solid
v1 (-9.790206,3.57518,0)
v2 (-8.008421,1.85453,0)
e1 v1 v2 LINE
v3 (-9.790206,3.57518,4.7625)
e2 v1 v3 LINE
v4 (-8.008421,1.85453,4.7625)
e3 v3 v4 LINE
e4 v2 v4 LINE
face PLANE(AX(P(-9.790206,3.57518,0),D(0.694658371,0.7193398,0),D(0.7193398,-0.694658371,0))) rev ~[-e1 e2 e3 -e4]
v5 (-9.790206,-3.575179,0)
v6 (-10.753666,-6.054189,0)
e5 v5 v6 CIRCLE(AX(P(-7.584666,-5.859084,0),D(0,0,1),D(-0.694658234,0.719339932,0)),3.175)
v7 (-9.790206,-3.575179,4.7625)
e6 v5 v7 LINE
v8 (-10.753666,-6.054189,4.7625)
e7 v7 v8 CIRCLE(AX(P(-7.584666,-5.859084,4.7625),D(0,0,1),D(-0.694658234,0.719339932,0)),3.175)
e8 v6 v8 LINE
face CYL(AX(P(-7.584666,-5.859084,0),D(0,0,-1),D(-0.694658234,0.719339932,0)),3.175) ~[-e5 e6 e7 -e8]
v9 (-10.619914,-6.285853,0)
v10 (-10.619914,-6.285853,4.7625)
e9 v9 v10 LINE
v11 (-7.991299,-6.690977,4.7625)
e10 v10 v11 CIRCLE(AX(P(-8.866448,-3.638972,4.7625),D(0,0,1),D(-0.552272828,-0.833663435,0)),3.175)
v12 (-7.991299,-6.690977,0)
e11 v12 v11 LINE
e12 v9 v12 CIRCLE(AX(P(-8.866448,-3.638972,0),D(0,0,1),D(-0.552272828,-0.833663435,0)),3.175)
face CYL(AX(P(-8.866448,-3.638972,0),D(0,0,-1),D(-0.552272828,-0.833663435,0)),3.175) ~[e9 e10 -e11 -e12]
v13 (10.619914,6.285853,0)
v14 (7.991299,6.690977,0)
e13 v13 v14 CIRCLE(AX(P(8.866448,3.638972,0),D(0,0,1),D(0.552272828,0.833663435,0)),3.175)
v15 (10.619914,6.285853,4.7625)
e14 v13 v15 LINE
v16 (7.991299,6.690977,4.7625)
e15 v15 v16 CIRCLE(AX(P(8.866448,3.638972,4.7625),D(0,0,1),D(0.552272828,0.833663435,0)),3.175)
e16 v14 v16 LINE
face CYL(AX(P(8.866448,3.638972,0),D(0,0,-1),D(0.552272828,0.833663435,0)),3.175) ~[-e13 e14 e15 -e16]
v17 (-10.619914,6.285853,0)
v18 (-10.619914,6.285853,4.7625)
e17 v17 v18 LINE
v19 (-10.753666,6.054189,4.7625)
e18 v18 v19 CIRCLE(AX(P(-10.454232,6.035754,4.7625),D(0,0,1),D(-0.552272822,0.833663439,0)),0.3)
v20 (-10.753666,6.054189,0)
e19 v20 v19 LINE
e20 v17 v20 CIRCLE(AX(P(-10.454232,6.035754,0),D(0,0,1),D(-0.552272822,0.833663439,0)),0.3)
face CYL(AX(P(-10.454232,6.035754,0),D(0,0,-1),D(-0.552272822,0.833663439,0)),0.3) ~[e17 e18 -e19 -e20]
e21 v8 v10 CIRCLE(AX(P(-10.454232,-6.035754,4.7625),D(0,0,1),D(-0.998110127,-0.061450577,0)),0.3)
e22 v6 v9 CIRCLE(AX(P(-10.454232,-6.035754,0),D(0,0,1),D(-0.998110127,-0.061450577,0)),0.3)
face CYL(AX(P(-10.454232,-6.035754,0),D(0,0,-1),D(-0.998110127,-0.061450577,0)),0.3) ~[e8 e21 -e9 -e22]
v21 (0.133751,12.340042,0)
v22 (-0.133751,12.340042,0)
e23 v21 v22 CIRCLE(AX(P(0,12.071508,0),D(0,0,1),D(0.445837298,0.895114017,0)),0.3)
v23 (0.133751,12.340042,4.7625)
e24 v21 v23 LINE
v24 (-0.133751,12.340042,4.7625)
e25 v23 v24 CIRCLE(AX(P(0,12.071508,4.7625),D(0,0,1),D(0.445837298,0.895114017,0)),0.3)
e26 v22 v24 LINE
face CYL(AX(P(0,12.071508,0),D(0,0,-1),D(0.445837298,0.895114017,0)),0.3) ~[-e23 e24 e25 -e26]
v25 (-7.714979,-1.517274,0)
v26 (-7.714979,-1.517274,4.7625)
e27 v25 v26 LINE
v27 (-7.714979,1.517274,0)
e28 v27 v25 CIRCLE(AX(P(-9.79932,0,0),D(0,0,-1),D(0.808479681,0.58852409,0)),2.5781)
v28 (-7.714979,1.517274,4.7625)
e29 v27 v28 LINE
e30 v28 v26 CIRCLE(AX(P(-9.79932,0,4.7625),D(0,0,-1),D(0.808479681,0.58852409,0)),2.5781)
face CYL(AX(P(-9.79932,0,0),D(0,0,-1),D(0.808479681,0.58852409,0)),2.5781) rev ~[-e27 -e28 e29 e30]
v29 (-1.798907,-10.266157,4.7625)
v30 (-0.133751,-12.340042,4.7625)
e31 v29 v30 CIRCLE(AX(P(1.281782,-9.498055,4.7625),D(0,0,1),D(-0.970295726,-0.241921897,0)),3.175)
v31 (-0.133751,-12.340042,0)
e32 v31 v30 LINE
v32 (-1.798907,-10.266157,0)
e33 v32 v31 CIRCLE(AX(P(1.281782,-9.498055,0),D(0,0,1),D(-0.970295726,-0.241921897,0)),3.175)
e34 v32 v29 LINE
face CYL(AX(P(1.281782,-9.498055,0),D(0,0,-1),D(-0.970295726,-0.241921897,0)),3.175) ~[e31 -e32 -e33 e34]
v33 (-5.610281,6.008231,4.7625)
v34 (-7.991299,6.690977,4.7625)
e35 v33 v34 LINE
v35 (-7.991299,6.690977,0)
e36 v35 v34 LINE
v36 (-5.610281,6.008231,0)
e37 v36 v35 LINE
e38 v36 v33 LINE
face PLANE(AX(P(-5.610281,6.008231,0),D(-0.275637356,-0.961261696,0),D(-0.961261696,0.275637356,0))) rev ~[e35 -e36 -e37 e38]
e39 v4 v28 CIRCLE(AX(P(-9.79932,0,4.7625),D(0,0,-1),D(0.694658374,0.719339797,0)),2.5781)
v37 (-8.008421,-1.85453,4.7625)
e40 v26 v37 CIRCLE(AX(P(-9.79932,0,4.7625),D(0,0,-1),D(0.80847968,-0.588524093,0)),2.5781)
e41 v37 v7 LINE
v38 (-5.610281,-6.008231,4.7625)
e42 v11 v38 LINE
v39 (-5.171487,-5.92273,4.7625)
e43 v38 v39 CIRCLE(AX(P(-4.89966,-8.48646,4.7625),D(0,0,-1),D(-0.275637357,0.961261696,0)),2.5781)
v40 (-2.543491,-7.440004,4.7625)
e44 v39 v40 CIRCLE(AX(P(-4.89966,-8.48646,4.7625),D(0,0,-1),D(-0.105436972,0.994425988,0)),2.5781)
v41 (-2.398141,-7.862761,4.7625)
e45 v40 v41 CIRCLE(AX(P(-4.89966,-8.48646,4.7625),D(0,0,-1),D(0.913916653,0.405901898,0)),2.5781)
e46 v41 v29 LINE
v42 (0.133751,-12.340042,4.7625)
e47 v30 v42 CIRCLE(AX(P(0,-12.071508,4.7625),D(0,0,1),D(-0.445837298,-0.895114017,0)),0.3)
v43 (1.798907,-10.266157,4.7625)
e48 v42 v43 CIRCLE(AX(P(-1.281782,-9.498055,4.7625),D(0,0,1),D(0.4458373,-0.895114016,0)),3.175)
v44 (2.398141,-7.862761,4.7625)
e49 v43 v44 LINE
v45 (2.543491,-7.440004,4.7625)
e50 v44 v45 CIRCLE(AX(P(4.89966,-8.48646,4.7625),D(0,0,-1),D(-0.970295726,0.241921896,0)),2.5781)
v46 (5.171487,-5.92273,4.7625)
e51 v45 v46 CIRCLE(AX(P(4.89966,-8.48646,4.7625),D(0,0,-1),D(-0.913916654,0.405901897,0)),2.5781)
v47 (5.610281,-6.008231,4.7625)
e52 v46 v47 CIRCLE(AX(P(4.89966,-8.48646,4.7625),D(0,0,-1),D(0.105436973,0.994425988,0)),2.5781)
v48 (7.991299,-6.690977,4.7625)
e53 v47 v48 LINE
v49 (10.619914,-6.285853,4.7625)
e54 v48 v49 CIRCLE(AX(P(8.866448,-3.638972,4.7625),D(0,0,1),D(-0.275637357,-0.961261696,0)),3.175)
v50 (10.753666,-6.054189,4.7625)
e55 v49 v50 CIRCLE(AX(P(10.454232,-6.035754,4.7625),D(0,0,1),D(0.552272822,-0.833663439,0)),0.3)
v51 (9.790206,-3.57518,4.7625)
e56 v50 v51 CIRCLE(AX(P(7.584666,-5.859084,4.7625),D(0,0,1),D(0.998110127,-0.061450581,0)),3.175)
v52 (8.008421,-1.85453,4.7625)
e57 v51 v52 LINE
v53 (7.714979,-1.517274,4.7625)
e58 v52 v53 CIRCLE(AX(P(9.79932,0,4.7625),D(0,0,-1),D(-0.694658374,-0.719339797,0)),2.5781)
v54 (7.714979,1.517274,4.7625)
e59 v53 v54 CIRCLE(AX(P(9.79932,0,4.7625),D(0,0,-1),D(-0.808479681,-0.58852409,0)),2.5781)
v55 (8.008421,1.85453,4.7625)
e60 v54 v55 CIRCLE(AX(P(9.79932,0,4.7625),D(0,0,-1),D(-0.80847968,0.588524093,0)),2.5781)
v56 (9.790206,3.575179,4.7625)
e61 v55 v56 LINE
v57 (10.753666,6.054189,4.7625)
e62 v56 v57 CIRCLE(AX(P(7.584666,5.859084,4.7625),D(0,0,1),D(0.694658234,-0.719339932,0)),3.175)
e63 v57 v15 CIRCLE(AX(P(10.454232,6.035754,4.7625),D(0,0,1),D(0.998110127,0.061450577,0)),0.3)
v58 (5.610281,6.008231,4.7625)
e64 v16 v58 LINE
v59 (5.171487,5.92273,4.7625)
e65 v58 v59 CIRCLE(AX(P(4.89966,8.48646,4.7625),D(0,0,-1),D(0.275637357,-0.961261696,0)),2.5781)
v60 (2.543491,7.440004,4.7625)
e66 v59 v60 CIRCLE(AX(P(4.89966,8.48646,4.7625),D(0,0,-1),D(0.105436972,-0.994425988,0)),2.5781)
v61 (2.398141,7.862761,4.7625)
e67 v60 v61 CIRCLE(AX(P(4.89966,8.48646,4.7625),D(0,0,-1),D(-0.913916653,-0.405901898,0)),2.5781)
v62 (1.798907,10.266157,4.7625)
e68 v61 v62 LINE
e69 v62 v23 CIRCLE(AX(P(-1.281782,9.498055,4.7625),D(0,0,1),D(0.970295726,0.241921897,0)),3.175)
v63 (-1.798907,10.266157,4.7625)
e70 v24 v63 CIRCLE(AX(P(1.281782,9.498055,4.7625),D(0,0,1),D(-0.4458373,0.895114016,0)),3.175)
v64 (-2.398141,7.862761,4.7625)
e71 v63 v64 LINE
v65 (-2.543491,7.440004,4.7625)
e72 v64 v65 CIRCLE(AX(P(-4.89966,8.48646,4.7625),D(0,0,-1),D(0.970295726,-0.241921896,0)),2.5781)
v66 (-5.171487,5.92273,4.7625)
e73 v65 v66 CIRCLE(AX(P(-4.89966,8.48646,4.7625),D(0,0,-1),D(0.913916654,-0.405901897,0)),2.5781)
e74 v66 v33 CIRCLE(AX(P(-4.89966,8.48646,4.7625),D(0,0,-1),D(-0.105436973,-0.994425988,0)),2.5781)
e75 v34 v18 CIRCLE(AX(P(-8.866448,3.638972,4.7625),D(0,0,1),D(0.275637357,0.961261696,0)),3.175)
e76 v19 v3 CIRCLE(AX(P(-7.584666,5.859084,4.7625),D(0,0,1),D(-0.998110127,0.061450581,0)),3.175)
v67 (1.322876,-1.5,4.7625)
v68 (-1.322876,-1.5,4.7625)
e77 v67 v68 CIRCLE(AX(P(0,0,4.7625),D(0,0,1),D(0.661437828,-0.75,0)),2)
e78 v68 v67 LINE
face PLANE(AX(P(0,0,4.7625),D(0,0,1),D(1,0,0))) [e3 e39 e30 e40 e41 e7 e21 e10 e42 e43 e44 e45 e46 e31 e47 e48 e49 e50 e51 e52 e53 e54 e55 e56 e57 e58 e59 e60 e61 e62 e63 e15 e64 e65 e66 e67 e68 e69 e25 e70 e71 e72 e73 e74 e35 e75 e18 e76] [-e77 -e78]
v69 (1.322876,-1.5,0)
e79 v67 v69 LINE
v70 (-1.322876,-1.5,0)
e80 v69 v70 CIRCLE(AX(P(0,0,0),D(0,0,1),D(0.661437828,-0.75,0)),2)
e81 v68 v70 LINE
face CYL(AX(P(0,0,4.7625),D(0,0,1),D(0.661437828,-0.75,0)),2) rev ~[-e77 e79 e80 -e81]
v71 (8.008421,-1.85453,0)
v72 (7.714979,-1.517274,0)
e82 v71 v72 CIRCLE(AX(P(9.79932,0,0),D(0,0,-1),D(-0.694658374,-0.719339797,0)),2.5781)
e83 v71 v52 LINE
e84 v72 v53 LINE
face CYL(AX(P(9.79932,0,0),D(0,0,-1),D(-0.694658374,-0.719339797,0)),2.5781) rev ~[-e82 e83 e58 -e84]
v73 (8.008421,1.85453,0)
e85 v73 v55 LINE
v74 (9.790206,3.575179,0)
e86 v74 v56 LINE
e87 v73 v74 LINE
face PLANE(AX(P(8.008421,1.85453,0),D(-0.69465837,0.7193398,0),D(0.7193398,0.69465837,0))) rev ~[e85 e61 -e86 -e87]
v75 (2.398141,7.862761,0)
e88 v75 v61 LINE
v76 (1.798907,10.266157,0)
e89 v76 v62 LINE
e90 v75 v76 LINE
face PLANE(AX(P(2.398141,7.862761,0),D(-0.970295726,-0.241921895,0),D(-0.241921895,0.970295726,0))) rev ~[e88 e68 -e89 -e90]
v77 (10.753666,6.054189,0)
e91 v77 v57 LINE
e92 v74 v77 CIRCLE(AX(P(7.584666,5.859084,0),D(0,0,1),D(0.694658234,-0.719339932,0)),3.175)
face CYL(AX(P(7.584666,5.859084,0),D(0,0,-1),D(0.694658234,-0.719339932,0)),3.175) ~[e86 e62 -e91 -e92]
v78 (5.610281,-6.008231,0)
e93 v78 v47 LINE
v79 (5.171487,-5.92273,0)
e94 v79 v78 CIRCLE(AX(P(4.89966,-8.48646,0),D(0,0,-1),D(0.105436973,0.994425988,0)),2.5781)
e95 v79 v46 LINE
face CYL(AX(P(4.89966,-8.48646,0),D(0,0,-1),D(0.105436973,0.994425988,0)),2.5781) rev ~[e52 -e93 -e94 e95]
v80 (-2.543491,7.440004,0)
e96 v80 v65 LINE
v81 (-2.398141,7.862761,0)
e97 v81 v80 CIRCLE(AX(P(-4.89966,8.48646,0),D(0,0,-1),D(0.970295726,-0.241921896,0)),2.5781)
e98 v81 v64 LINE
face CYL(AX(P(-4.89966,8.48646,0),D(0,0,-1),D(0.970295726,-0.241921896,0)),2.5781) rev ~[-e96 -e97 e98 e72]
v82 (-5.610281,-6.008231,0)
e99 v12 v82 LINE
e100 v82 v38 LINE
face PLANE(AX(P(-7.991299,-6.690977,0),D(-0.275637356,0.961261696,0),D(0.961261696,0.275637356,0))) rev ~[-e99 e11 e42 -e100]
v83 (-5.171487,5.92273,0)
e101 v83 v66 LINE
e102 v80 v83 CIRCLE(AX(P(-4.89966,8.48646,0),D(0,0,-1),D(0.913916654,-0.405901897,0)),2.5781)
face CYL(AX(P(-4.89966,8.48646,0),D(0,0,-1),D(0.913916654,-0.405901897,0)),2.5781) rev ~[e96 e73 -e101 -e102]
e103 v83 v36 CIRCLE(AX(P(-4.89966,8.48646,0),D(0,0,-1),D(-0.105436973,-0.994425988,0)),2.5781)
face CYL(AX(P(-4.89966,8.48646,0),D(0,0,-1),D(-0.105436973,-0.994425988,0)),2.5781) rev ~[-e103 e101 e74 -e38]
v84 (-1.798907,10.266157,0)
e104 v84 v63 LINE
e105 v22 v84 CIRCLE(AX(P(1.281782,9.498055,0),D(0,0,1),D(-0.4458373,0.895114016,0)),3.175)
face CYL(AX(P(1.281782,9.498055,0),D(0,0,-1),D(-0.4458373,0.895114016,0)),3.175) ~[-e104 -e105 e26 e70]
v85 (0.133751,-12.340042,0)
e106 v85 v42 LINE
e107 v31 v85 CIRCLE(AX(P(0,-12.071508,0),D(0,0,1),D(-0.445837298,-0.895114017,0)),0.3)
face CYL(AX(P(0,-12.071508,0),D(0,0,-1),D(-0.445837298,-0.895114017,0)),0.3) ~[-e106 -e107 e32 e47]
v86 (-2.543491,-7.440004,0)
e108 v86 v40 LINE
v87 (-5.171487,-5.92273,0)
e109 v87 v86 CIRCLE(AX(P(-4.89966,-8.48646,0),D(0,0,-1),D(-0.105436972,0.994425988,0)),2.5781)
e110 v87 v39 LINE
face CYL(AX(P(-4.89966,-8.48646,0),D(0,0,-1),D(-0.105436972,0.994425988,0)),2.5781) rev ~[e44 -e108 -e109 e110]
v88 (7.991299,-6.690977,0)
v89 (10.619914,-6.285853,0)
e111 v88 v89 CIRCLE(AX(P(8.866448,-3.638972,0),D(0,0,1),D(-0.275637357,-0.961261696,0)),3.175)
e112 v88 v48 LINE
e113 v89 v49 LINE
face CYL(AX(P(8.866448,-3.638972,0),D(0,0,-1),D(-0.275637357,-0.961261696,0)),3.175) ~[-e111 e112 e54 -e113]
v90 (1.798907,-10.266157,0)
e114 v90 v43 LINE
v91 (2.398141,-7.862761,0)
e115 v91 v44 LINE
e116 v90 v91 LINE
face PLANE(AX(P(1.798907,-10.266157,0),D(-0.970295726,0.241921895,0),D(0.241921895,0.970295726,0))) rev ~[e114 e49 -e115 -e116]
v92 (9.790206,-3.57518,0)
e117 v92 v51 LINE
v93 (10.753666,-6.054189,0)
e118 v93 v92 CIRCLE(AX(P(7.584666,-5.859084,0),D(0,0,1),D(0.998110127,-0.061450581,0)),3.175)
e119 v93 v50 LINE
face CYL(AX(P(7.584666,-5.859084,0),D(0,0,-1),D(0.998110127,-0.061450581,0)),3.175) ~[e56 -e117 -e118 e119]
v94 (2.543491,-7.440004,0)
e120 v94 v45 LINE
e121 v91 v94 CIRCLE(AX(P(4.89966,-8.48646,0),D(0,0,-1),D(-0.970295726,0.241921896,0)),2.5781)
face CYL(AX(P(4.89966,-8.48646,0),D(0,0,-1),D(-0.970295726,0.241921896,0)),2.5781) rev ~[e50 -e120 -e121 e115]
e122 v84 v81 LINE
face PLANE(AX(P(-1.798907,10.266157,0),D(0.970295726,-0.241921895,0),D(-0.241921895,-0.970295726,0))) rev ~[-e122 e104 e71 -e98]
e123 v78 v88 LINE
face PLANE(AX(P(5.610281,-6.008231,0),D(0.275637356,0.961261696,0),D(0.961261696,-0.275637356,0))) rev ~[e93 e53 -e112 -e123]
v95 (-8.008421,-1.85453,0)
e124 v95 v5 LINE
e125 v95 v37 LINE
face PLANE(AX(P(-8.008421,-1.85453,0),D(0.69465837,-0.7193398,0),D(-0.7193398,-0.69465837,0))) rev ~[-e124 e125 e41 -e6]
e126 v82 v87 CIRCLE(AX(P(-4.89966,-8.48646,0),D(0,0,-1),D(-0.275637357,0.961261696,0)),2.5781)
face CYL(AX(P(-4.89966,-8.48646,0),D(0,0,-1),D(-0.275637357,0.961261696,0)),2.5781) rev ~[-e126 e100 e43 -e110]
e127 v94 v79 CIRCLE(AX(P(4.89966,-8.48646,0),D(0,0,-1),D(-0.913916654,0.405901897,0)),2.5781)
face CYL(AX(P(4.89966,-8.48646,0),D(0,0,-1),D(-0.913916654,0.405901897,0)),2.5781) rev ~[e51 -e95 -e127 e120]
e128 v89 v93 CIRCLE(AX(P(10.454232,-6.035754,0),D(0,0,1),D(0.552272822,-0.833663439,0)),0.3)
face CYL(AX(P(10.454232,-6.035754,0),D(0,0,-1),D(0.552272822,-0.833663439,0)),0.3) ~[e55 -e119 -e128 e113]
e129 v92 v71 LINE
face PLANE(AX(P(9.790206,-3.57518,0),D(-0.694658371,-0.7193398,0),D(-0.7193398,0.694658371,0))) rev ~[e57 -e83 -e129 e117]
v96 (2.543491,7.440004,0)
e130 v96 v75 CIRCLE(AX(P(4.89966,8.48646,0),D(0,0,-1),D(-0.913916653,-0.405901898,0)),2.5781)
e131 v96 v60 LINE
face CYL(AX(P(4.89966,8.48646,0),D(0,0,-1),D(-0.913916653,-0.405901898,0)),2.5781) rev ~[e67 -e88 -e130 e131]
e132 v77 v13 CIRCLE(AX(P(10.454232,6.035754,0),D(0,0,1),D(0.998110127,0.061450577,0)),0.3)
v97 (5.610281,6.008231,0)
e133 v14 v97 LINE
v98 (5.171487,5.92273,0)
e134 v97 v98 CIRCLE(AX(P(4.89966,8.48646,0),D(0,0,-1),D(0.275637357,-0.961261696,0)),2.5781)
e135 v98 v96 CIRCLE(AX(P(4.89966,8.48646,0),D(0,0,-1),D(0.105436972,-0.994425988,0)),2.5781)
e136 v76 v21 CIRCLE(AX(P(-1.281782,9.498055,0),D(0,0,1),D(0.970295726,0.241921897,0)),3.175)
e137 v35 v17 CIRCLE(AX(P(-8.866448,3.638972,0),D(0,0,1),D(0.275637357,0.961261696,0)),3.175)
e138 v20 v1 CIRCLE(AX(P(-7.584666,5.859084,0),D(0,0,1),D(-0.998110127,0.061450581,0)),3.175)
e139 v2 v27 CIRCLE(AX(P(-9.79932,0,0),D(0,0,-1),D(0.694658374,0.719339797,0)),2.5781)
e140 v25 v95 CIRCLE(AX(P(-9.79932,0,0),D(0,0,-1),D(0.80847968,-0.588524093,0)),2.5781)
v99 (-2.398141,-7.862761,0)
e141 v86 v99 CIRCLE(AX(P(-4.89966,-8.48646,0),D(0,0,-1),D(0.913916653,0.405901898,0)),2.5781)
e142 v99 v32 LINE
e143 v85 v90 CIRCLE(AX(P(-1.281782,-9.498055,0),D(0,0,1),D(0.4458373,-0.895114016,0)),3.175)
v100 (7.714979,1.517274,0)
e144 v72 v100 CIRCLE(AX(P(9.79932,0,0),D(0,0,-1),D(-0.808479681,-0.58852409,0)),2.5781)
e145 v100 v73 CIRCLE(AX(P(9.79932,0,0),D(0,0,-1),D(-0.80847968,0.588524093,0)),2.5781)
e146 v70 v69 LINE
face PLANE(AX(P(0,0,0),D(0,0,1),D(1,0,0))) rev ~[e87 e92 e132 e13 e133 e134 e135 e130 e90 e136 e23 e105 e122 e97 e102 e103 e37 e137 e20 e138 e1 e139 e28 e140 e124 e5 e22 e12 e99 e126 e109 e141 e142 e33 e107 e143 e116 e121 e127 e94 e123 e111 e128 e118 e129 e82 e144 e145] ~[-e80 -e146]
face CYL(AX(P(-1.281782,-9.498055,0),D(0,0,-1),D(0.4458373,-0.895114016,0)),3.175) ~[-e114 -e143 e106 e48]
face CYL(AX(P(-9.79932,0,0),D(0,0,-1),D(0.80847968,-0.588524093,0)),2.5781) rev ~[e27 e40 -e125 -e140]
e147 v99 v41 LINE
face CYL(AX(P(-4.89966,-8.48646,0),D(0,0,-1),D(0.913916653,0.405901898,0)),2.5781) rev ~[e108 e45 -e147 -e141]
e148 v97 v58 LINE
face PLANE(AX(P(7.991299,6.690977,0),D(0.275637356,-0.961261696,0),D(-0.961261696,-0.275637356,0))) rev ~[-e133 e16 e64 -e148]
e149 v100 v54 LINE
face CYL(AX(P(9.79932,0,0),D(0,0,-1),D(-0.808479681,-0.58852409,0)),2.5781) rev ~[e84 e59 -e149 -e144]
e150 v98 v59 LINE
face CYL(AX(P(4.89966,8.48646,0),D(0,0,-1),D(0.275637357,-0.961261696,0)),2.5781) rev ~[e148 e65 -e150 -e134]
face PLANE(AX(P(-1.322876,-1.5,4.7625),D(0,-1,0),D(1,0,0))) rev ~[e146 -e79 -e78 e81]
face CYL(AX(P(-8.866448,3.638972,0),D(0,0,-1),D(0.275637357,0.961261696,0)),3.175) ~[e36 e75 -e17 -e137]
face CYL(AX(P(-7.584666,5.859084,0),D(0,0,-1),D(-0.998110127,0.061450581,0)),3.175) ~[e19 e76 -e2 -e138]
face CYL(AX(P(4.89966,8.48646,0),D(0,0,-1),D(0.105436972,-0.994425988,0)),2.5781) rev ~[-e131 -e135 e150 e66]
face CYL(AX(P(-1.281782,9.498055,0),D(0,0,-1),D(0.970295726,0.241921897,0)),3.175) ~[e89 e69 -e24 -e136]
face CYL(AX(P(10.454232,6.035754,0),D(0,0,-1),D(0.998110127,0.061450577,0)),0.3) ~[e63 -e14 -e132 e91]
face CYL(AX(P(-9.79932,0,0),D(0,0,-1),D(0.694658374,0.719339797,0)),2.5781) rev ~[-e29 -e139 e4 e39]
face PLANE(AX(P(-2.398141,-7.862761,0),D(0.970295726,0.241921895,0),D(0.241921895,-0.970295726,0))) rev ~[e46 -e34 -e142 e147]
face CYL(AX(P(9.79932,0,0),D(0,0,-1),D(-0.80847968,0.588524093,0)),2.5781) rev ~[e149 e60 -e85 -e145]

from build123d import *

# Parameters (mm, degrees)
BOSS_EXTRUDE1_DEPTH = 4.7625
CUT_EXTRUDE1_DEPTH  = 4.7625


with BuildPart() as part:
    # Sketch1 → Boss-Extrude1 (new body)
    with BuildSketch(Plane.XY):
        with BuildLine():
            ThreePointArc((0.13375119, -12.340042072), (1.193950707, -11.485860744), (1.798906697, -10.266157088))
            Line((1.798906697, -10.266157088), (2.398140588, -7.862761221))
            ThreePointArc((2.398140588, -7.862761221), (2.461635419, -7.64822635), (2.543491476, -7.440004377))
            ThreePointArc((2.543491476, -7.440004377), (3.61061, -6.253759966), (5.171487057, -5.922730421))
            ThreePointArc((5.171487057, -5.922730421), (5.392740604, -5.955951983), (5.610280667, -6.008231282))
            Line((5.610280667, -6.008231282), (7.991299489, -6.690977442))
            ThreePointArc((7.991299489, -6.690977442), (9.350071835, -6.776922016), (10.619914323, -6.285852964))
            ThreePointArc((10.619914323, -6.285852964), (10.714040096, -6.185753934), (10.753665513, -6.054189108))
            ThreePointArc((10.753665513, -6.054189108), (10.544022542, -4.708938729), (9.790206185, -3.575179646))
            Line((9.790206185, -3.575179646), (8.008421255, -1.854529939))
            ThreePointArc((8.008421255, -1.854529939), (7.854376023, -1.692274367), (7.714978533, -1.517273956))
            ThreePointArc((7.714978533, -1.517273956), (7.22122, 0), (7.714978533, 1.517273956))
            ThreePointArc((7.714978533, 1.517273956), (7.854376023, 1.692274367), (8.008421255, 1.854529939))
            Line((8.008421255, 1.854529939), (9.790205754, 3.575179229))
            ThreePointArc((9.790205754, 3.575179229), (10.544022434, 4.708938449), (10.753665513, 6.054189108))
            ThreePointArc((10.753665513, 6.054189108), (10.714040096, 6.185753934), (10.619914323, 6.285852964))
            ThreePointArc((10.619914323, 6.285852964), (9.350071835, 6.776922015), (7.991299489, 6.690977442))
            Line((7.991299489, 6.690977442), (5.610280667, 6.008231282))
            ThreePointArc((5.610280667, 6.008231282), (5.392740604, 5.955951983), (5.171487057, 5.922730421))
            ThreePointArc((5.171487057, 5.922730421), (3.61061, 6.253759966), (2.543491476, 7.440004377))
            ThreePointArc((2.543491476, 7.440004377), (2.461635419, 7.64822635), (2.398140588, 7.862761221))
            Line((2.398140588, 7.862761221), (1.798906697, 10.266157088))
            ThreePointArc((1.798906697, 10.266157088), (1.193950707, 11.485860744), (0.13375119, 12.340042072))
            ThreePointArc((0.13375119, 12.340042072), (0, 12.371507867), (-0.13375119, 12.340042072))
            ThreePointArc((-0.13375119, 12.340042072), (-1.193950707, 11.485860744), (-1.798906697, 10.266157088))
            Line((-1.798906697, 10.266157088), (-2.398140588, 7.862761221))
            ThreePointArc((-2.398140588, 7.862761221), (-2.461635419, 7.64822635), (-2.543491476, 7.440004377))
            ThreePointArc((-2.543491476, 7.440004377), (-3.61061, 6.253759966), (-5.171487057, 5.922730421))
            ThreePointArc((-5.171487057, 5.922730421), (-5.392740604, 5.955951983), (-5.610280667, 6.008231282))
            Line((-5.610280667, 6.008231282), (-7.991299489, 6.690977442))
            ThreePointArc((-7.991299489, 6.690977442), (-9.350071835, 6.776922016), (-10.619914323, 6.285852964))
            ThreePointArc((-10.619914323, 6.285852964), (-10.714040096, 6.185753934), (-10.753665513, 6.054189108))
            ThreePointArc((-10.753665513, 6.054189108), (-10.544022542, 4.708938729), (-9.790206185, 3.575179646))
            Line((-9.790206185, 3.575179646), (-8.008421255, 1.854529939))
            ThreePointArc((-8.008421255, 1.854529939), (-7.854376023, 1.692274367), (-7.714978533, 1.517273956))
            ThreePointArc((-7.714978533, 1.517273956), (-7.22122, 0), (-7.714978533, -1.517273956))
            ThreePointArc((-7.714978533, -1.517273956), (-7.854376023, -1.692274367), (-8.008421255, -1.854529939))
            Line((-8.008421255, -1.854529939), (-9.790205754, -3.575179229))
            ThreePointArc((-9.790205754, -3.575179229), (-10.544022434, -4.708938449), (-10.753665513, -6.054189108))
            ThreePointArc((-10.753665513, -6.054189108), (-10.714040096, -6.185753934), (-10.619914323, -6.285852964))
            ThreePointArc((-10.619914323, -6.285852964), (-9.350071835, -6.776922015), (-7.991299489, -6.690977442))
            Line((-7.991299489, -6.690977442), (-5.610280667, -6.008231282))
            ThreePointArc((-5.610280667, -6.008231282), (-5.392740604, -5.955951983), (-5.171487057, -5.922730421))
            ThreePointArc((-5.171487057, -5.922730421), (-3.61061, -6.253759966), (-2.543491476, -7.440004377))
            ThreePointArc((-2.543491476, -7.440004377), (-2.461635419, -7.64822635), (-2.398140588, -7.862761221))
            Line((-2.398140588, -7.862761221), (-1.798906697, -10.266157088))
            ThreePointArc((-1.798906697, -10.266157088), (-1.193950707, -11.485860744), (-0.13375119, -12.340042072))
            ThreePointArc((-0.13375119, -12.340042072), (0, -12.371507867), (0.13375119, -12.340042072))
        make_face()
        with BuildLine():
            Line((1.313392554, -1.475), (-1.313392554, -1.475))
            ThreePointArc((-1.313392554, -1.475), (0, 1.975), (1.313392554, -1.475))
        make_face(mode=Mode.SUBTRACT)
    extrude(amount=BOSS_EXTRUDE1_DEPTH)

    # Sketch2 → Cut-Extrude1 (cut)
    with BuildSketch(Plane.XY.offset(4.7625)):
        with BuildLine():
            Line((-1.322875656, -1.5), (1.322875656, -1.5))
            ThreePointArc((1.322875656, -1.5), (0, 2), (-1.322875656, -1.5))
        make_face()
    extrude(amount=-CUT_EXTRUDE1_DEPTH, mode=Mode.SUBTRACT)


solid = part.part
